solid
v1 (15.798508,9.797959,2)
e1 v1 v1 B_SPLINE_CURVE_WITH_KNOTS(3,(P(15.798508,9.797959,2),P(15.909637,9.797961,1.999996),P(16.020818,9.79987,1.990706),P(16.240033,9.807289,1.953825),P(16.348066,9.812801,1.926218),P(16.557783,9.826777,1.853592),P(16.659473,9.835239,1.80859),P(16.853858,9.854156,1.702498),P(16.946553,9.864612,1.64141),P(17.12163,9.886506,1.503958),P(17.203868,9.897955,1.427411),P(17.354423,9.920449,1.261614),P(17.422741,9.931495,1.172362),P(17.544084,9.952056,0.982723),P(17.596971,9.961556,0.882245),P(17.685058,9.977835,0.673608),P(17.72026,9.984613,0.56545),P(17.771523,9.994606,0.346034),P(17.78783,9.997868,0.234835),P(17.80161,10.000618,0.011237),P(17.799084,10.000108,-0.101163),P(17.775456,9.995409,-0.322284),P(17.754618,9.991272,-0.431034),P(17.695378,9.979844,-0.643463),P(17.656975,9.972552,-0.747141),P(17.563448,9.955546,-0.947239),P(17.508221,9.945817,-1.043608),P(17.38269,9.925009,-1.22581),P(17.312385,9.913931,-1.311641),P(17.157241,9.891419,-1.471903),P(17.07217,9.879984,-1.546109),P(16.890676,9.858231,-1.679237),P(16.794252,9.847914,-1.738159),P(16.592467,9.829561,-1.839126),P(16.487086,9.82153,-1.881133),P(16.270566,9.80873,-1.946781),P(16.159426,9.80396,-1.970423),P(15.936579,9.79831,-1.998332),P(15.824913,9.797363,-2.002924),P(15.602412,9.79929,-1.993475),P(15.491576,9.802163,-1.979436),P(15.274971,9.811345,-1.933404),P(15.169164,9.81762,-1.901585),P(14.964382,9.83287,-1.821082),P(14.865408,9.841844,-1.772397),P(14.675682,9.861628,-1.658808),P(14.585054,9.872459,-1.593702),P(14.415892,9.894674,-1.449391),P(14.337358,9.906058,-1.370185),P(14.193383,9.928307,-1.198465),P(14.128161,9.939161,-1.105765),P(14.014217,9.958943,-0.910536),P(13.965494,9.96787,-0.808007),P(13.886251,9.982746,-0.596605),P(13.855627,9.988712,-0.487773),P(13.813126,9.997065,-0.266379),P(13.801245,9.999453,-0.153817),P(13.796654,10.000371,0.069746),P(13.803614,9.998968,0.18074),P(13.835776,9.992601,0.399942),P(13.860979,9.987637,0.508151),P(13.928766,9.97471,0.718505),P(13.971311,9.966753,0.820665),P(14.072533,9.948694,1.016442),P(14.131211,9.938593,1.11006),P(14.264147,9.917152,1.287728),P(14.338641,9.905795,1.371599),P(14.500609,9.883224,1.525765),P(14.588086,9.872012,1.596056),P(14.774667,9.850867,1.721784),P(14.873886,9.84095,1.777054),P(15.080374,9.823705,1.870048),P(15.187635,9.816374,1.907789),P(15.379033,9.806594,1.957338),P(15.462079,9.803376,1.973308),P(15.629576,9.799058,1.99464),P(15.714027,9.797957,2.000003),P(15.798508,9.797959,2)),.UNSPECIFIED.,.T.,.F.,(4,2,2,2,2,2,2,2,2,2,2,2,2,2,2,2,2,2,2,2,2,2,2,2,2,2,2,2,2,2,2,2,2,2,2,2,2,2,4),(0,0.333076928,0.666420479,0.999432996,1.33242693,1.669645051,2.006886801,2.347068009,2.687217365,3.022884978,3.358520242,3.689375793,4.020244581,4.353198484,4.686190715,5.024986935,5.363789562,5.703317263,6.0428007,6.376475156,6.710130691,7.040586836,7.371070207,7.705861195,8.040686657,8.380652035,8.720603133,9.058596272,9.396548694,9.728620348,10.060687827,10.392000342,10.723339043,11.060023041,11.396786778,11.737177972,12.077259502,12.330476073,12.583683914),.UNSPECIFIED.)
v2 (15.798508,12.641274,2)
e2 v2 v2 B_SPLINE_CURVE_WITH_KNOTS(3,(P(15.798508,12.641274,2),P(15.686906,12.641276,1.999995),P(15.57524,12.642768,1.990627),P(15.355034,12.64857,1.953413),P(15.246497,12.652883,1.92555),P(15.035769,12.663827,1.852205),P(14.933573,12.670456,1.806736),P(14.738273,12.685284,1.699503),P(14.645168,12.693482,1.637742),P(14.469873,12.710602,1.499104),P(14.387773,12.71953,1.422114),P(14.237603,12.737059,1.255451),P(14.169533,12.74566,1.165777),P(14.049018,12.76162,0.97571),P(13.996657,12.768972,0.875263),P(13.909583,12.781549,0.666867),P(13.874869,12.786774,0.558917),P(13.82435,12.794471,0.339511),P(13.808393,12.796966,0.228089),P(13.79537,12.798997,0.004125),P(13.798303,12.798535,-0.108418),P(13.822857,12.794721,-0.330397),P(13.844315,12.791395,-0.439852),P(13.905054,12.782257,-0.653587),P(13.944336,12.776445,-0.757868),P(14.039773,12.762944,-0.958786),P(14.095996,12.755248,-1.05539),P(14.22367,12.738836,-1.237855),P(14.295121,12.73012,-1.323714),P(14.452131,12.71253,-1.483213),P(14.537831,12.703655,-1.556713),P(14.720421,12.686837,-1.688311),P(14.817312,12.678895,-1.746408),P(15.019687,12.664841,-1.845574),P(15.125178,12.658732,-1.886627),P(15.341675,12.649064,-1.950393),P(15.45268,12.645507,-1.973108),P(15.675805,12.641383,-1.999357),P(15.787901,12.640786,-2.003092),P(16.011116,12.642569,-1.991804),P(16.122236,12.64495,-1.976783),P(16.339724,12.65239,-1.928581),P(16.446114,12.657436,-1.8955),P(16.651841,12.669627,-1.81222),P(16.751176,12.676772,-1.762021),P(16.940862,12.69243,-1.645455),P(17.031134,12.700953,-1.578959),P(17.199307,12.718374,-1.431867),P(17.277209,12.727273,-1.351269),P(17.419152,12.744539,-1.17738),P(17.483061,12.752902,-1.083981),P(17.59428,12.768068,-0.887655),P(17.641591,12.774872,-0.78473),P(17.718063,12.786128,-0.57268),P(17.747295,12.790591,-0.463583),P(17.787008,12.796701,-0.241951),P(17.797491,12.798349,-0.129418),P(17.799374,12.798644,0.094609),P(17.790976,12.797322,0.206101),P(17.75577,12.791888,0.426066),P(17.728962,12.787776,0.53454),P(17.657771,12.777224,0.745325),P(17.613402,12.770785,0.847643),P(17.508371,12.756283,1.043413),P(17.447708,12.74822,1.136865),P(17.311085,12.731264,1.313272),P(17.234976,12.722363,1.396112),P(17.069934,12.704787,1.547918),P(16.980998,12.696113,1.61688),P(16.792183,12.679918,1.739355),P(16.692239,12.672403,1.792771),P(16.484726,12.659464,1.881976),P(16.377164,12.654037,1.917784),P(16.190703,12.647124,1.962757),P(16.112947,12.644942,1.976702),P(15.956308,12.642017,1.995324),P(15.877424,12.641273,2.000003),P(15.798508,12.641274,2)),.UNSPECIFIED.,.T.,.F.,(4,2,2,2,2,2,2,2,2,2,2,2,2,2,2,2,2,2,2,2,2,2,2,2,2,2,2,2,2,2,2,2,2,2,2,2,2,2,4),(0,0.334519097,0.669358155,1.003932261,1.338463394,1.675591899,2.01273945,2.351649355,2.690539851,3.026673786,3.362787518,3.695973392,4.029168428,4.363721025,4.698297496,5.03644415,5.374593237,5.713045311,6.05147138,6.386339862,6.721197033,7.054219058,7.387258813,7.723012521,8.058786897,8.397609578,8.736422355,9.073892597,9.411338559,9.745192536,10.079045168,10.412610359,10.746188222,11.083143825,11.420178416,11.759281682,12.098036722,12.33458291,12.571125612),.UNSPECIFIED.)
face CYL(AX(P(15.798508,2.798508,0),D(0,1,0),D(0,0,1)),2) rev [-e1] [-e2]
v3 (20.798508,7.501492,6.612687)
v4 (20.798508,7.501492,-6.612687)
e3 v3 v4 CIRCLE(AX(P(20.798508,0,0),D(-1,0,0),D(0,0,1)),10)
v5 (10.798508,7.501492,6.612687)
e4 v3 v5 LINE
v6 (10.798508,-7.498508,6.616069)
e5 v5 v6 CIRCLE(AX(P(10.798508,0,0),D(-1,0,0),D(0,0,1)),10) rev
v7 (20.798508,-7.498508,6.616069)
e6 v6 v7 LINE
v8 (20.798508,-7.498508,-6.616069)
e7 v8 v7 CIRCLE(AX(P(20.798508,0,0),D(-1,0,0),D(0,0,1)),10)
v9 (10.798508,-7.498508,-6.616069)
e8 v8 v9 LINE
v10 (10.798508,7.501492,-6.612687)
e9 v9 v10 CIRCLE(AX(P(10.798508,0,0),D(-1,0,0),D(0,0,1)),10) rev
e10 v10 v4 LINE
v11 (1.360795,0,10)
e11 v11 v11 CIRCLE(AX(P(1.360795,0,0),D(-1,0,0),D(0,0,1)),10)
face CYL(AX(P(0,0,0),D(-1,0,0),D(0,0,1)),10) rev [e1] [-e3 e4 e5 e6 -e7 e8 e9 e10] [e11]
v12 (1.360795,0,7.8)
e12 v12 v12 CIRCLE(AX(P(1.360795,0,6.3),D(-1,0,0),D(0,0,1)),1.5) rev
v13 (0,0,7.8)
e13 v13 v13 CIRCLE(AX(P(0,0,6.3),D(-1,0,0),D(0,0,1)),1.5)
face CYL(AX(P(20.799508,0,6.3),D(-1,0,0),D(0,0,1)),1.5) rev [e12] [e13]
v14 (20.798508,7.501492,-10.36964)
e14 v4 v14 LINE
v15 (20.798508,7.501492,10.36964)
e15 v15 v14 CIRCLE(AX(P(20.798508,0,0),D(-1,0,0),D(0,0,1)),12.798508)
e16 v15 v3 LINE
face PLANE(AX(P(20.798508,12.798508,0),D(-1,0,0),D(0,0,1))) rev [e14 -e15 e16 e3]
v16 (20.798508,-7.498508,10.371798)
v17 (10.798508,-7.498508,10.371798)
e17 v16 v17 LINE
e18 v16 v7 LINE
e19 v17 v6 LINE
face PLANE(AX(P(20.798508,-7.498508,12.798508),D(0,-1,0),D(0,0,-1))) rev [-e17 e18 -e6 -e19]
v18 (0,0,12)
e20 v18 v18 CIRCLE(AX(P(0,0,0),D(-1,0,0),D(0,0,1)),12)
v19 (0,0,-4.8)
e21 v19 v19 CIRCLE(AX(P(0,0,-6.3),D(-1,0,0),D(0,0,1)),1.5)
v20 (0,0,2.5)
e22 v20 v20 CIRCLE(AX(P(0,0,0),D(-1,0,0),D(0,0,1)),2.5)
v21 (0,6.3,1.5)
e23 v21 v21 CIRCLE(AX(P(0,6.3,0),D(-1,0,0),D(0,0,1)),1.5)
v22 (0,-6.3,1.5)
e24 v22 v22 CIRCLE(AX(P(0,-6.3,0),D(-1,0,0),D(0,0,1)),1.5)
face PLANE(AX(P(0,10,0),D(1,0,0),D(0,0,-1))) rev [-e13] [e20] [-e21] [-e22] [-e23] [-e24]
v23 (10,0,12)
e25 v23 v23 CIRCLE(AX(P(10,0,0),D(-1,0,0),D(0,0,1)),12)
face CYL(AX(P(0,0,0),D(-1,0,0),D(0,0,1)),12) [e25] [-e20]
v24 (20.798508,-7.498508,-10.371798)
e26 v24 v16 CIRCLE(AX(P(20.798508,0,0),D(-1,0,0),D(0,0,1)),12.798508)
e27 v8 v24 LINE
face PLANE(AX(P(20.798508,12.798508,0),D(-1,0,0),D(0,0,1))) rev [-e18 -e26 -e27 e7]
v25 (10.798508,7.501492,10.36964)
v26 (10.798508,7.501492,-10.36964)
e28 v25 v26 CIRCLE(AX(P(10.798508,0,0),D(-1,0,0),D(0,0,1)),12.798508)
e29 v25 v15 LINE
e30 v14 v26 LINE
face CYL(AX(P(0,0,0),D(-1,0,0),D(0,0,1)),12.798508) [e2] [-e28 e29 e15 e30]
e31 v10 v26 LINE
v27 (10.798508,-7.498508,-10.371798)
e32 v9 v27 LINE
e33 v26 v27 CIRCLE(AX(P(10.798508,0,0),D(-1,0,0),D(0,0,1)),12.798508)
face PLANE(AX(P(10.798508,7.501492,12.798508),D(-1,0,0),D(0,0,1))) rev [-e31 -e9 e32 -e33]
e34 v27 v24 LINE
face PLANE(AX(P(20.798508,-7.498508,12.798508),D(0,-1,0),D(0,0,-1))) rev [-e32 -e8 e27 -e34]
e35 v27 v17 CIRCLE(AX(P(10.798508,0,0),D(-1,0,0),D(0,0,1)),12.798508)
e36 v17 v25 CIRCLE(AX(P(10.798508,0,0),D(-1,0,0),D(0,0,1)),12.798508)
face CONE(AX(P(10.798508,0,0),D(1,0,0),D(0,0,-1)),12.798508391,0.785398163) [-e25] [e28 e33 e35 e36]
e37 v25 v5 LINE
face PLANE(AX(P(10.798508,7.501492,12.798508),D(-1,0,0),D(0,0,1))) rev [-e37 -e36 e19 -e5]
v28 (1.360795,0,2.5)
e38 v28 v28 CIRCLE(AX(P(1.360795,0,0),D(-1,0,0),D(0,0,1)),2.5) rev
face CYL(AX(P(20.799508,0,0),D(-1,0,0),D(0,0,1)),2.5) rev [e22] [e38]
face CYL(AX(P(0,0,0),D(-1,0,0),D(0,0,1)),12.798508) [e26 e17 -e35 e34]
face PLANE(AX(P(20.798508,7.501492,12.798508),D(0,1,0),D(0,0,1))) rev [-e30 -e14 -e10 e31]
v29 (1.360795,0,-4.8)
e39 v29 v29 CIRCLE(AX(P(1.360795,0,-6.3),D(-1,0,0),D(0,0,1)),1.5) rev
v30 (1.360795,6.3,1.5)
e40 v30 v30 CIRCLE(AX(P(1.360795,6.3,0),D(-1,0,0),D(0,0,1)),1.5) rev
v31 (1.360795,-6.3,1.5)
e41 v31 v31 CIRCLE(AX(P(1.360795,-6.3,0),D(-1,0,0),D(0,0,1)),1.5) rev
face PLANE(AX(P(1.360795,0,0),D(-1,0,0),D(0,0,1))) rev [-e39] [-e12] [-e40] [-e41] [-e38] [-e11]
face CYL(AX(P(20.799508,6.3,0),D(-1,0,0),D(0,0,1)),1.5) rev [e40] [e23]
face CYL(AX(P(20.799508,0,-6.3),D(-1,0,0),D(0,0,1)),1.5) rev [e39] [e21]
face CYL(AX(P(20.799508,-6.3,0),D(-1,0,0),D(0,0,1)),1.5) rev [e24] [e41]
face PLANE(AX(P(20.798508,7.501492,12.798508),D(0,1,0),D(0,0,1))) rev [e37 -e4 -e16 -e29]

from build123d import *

# Parameters (mm, degrees)
ENL_V_MAT_EXTRU_1_REACH      = 29.571
ESQUISSE2_R                  = 2.5
ESQUISSE2_R_2                = 1.5
ENL_V_MAT_EXTRU_2_DEPTH      = 28.571390703
ENL_V_MAT_EXTRU_2_DEPTH_BACK = 28.571390703
ESQUISSE4_W                  = 15
ESQUISSE4_H                  = 10
ESQUISSE5_R                  = 2
ENL_V_MAT_EXTRU_3_DEPTH      = 10


with BuildPart() as part:
    # Esquisse1 → Révolution1 (revolve)
    with BuildSketch(Plane.XY, mode=Mode.PRIVATE) as r_volution1_sk:
        Polygon((0, 12), (10, 12), (10.798508391, 12.798508391), (20.798508391, 12.798508391), (20.798508391, 10.798508391), (20.798508391, 10), (12.242640687, 10), (1.360795334, 10), (1.360795334, 0), (0, 0), (0, 10), align=None)
    revolve(r_volution1_sk.sketch.rotate(Axis((0, 0, 0), (1, 0, 0)), 90), axis=Axis((0, 0, 0), (1, 0, 0)))

    # Esquisse2 → Enlèv. mat.-Extru.1 (cut, up to next)
    with BuildSketch(Plane.ZY, mode=Mode.PRIVATE) as enl_v_mat_extru_1_sk1:
        Circle(ESQUISSE2_R)
    enl_v_mat_extru_1_tool1 = extrude(enl_v_mat_extru_1_sk1.sketch, amount=-ENL_V_MAT_EXTRU_1_REACH, mode=Mode.PRIVATE) & part.part
    # Esquisse2 → Enlèv. mat.-Extru.1 (cut, up to next)
    with BuildSketch(Plane.ZY, mode=Mode.PRIVATE) as enl_v_mat_extru_1_sk2:
        with Locations((0, 6.3)):
            Circle(ESQUISSE2_R_2)
    enl_v_mat_extru_1_tool2 = extrude(enl_v_mat_extru_1_sk2.sketch, amount=-ENL_V_MAT_EXTRU_1_REACH, mode=Mode.PRIVATE) & part.part
    # Esquisse2 → Enlèv. mat.-Extru.1 (cut, up to next)
    with BuildSketch(Plane.ZY, mode=Mode.PRIVATE) as enl_v_mat_extru_1_sk3:
        with Locations((6.3, 0)):
            Circle(ESQUISSE2_R_2)
    enl_v_mat_extru_1_tool3 = extrude(enl_v_mat_extru_1_sk3.sketch, amount=-ENL_V_MAT_EXTRU_1_REACH, mode=Mode.PRIVATE) & part.part
    # Esquisse2 → Enlèv. mat.-Extru.1 (cut, up to next)
    with BuildSketch(Plane.ZY, mode=Mode.PRIVATE) as enl_v_mat_extru_1_sk4:
        with Locations((0, -6.3)):
            Circle(ESQUISSE2_R_2)
    enl_v_mat_extru_1_tool4 = extrude(enl_v_mat_extru_1_sk4.sketch, amount=-ENL_V_MAT_EXTRU_1_REACH, mode=Mode.PRIVATE) & part.part
    # Esquisse2 → Enlèv. mat.-Extru.1 (cut, up to next)
    with BuildSketch(Plane.ZY, mode=Mode.PRIVATE) as enl_v_mat_extru_1_sk5:
        with Locations((-6.3, 0)):
            Circle(ESQUISSE2_R_2)
    enl_v_mat_extru_1_tool5 = extrude(enl_v_mat_extru_1_sk5.sketch, amount=-ENL_V_MAT_EXTRU_1_REACH, mode=Mode.PRIVATE) & part.part
    add(enl_v_mat_extru_1_tool1.solids().sort_by_distance((0, 0, 0))[0], mode=Mode.SUBTRACT)
    add(enl_v_mat_extru_1_tool2.solids().sort_by_distance((0, 6.3, 0))[0], mode=Mode.SUBTRACT)
    add(enl_v_mat_extru_1_tool3.solids().sort_by_distance((0, 0, 6.3))[0], mode=Mode.SUBTRACT)
    add(enl_v_mat_extru_1_tool4.solids().sort_by_distance((0, -6.3, 0))[0], mode=Mode.SUBTRACT)
    add(enl_v_mat_extru_1_tool5.solids().sort_by_distance((0, 0, -6.3))[0], mode=Mode.SUBTRACT)

    # Esquisse4 → Enlèv. mat.-Extru.2 (cut, two sides: drawn at the far end of the back side and taken through both)
    with BuildSketch(Plane.YX.offset(-ENL_V_MAT_EXTRU_2_DEPTH_BACK)):
        with Locations((0.001491609, 15.798508391)):
            Rectangle(ESQUISSE4_W, ESQUISSE4_H)
    extrude(amount=ENL_V_MAT_EXTRU_2_DEPTH + ENL_V_MAT_EXTRU_2_DEPTH_BACK, mode=Mode.SUBTRACT)

    # Esquisse5 → Enlèv. mat.-Extru.3 (cut)
    with BuildSketch(Plane(origin=(0, 12.798508391, 0), x_dir=(1, 0, 0), z_dir=(0, 1, 0))):
        with Locations(Location((15.798508391, 0, 0), (0, 0, 270))):
            Circle(ESQUISSE5_R)
    extrude(amount=-ENL_V_MAT_EXTRU_3_DEPTH, mode=Mode.SUBTRACT)


solid = part.part
